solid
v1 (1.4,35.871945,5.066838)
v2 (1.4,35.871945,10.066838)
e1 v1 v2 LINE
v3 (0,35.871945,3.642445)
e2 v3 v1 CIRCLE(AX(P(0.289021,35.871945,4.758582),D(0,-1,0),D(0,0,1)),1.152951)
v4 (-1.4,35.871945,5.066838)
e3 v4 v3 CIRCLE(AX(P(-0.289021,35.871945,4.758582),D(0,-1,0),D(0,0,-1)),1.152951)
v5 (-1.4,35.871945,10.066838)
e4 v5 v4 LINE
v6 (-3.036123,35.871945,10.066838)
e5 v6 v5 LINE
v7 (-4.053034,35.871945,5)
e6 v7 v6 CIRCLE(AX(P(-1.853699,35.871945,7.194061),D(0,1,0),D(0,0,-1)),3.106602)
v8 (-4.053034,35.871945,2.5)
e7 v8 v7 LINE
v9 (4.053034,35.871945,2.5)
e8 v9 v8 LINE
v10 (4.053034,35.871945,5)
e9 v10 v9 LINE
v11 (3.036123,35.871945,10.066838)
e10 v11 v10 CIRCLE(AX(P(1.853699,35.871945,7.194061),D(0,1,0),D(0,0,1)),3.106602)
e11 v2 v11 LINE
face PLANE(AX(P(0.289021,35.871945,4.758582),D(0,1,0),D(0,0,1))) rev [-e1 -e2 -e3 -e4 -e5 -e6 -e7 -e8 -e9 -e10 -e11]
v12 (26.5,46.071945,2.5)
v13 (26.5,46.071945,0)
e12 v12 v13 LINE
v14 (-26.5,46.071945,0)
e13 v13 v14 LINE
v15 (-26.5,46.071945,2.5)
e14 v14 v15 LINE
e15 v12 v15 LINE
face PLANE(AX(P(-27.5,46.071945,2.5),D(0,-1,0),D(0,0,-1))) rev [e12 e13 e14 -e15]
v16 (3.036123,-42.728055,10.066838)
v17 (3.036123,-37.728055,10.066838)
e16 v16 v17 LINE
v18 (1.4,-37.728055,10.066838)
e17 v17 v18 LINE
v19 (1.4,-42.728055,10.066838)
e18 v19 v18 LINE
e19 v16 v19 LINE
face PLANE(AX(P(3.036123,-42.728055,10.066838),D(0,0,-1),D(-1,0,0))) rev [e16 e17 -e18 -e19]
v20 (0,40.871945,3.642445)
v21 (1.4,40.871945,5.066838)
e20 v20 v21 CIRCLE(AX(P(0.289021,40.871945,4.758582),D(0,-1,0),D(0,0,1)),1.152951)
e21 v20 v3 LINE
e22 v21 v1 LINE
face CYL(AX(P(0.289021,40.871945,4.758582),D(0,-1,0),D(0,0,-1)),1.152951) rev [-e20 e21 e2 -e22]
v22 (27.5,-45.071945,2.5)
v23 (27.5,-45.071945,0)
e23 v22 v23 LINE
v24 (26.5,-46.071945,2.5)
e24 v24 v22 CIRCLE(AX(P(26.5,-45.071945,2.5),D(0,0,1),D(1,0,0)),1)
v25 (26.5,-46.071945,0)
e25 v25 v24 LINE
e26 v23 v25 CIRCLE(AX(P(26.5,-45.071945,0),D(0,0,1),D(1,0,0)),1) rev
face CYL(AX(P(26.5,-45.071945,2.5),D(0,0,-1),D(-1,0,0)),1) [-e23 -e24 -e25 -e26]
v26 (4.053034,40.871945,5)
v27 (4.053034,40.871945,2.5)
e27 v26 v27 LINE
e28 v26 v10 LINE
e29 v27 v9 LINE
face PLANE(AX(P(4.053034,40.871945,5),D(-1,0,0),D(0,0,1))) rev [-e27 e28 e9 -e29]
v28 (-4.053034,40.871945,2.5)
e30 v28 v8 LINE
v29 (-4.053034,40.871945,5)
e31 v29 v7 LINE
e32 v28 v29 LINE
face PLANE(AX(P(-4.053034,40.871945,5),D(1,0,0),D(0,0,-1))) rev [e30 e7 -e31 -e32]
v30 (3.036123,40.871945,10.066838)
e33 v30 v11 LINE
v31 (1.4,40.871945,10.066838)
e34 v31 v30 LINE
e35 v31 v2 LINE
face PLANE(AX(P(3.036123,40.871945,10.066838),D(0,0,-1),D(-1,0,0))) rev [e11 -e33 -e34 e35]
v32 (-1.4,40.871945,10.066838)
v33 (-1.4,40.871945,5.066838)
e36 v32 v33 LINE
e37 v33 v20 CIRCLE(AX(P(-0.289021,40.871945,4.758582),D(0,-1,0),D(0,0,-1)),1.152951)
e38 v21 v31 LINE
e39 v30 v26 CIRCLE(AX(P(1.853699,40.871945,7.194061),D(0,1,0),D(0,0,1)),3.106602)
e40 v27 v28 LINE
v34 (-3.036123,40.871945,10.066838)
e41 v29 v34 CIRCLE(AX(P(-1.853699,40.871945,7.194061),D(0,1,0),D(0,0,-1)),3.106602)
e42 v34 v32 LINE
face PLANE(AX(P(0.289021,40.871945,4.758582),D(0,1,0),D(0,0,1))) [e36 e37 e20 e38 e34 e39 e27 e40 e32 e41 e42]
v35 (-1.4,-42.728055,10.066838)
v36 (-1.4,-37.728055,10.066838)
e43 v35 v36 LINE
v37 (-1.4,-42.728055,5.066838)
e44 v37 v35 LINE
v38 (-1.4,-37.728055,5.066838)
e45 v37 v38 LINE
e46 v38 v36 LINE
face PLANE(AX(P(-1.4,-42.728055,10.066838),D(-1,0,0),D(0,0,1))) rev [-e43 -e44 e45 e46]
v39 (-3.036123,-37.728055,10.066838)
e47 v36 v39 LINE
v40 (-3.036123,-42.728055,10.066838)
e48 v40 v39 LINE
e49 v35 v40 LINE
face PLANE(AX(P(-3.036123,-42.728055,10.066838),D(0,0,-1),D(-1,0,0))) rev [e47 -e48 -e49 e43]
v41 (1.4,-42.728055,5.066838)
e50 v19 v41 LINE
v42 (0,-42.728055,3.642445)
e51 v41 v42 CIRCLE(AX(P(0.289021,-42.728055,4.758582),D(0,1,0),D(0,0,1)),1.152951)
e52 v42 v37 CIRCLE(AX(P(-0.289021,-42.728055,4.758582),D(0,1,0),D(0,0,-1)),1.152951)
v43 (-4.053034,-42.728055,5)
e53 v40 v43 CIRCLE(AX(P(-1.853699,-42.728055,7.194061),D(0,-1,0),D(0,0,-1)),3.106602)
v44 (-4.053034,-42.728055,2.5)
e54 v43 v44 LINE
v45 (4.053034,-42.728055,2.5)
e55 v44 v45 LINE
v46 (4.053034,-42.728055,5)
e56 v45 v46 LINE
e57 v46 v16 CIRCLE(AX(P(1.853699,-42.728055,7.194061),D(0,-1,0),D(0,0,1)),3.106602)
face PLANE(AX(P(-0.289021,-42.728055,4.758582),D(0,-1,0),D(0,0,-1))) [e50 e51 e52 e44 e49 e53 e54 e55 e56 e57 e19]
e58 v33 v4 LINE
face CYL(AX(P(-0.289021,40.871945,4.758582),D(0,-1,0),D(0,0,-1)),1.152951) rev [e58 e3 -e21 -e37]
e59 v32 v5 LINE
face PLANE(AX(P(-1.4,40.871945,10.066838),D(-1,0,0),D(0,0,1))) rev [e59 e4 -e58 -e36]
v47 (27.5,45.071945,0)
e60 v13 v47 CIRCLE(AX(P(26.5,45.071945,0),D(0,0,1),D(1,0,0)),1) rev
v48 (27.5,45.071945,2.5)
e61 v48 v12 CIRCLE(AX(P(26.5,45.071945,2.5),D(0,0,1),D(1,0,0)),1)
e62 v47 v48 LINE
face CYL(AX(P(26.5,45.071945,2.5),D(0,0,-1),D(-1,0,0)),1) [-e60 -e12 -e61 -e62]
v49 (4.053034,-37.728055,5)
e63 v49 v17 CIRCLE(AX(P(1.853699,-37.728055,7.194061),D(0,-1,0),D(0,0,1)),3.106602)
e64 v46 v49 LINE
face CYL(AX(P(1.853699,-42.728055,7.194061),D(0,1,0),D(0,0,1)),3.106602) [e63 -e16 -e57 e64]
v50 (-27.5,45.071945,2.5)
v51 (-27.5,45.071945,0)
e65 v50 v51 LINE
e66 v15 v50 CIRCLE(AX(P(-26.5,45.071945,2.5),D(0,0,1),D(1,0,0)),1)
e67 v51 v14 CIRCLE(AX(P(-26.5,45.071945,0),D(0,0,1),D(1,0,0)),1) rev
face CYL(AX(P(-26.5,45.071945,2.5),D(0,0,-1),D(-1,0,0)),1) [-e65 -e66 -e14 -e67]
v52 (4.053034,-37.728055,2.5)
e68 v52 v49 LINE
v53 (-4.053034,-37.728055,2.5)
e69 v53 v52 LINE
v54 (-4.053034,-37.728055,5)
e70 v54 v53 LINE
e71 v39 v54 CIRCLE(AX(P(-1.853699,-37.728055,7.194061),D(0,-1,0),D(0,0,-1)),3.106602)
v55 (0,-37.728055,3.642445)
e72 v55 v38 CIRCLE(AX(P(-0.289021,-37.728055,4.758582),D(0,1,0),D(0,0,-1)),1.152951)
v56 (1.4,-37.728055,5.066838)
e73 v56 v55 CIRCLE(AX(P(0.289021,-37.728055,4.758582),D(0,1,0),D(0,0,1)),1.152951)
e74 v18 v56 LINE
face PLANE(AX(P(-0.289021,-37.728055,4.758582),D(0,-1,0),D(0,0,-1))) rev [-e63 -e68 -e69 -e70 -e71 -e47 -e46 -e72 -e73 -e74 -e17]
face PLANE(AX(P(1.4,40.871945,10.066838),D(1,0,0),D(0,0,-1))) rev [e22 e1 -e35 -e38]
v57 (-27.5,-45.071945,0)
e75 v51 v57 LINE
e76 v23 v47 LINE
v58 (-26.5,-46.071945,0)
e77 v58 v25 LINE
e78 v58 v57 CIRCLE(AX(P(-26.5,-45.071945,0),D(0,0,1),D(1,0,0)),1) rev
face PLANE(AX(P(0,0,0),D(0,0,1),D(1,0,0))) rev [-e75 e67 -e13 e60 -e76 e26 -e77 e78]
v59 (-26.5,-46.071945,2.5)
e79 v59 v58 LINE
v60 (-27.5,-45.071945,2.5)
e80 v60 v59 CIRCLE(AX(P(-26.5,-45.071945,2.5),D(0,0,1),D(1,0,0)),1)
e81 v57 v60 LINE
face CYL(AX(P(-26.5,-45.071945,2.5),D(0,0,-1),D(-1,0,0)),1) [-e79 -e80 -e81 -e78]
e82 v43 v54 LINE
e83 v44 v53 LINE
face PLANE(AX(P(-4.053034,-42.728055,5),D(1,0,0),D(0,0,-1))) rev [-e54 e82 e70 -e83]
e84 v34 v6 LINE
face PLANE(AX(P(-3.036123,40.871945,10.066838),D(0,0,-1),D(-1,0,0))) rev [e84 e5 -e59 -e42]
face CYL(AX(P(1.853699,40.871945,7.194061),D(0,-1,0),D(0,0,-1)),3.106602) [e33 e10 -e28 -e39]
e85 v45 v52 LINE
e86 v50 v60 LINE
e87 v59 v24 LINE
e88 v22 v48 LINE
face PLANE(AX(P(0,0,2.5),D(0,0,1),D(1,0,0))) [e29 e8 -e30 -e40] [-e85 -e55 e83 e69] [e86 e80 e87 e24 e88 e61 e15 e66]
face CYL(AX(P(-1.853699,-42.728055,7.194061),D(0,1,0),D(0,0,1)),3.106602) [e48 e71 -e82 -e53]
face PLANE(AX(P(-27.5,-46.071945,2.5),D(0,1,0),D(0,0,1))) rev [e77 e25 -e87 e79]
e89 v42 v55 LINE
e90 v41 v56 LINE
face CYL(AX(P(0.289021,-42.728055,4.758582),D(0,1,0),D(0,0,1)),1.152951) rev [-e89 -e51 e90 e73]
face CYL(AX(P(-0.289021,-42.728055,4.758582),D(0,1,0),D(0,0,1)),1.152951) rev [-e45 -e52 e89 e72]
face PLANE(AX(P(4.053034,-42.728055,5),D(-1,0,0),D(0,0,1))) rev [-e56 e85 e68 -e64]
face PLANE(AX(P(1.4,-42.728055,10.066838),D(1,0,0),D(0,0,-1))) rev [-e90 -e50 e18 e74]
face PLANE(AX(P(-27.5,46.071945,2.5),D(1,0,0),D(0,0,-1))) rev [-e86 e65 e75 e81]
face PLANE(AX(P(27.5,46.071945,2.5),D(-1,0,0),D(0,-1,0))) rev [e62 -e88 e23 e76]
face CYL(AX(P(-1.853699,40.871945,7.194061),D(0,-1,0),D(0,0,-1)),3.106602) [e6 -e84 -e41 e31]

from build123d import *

# Parameters (mm, degrees)
SKETCH1_W           = 55
SKETCH1_H           = 92.14389058
BOSS_EXTRUDE1_DEPTH = 2.5
BOSS_EXTRUDE2_DEPTH = 2.5
BOSS_EXTRUDE3_DEPTH = 2.5
FILLET1_R           = 1


with BuildPart() as part:
    # Sketch1 → Boss-Extrude1 (new body)
    with BuildSketch(Plane.XY):
        Rectangle(SKETCH1_W, SKETCH1_H)
    extrude(amount=BOSS_EXTRUDE1_DEPTH)

    # Sketch6 → Boss-Extrude2 (add, symmetric)
    with BuildSketch(Plane(origin=(0, 38.37194529, 0), x_dir=(1, 0, 0), z_dir=(0, 1, 0))):
        with BuildLine():
            Line((-4.053033857, -5), (-4.053033857, -2.5))
            Line((-4.053033857, -2.5), (4.053033857, -2.5))
            Line((4.053033857, -2.5), (4.053033857, -5))
            ThreePointArc((4.053033857, -5), (4.899562702, -7.805363596), (3.036123017, -10.066838454))
            Line((3.036123017, -10.066838454), (1.4, -10.066838454))
            Line((1.4, -10.066838454), (1.4, -5.066838454))
            ThreePointArc((1.4, -5.066838454), (1.111291087, -3.950394141), (0, -3.642444699))
            ThreePointArc((0, -3.642444699), (-1.111291087, -3.950394141), (-1.4, -5.066838454))
            Line((-1.4, -5.066838454), (-1.4, -10.066838454))
            Line((-1.4, -10.066838454), (-3.036123017, -10.066838454))
            ThreePointArc((-3.036123017, -10.066838454), (-4.899562702, -7.805363596), (-4.053033857, -5))
        make_face()
    extrude(amount=BOSS_EXTRUDE2_DEPTH, both=True)

    # Sketch7 → Boss-Extrude3 (add, symmetric)
    with BuildSketch(Plane(origin=(0, -40.22805471, 0), x_dir=(-1, 0, 0), z_dir=(0, -1, 0))):
        with BuildLine():
            Line((-4.053033857, -5), (-4.053033857, -2.5))
            Line((-4.053033857, -2.5), (4.053033857, -2.5))
            Line((4.053033857, -2.5), (4.053033857, -5))
            ThreePointArc((4.053033857, -5), (4.899562702, -7.805363596), (3.036123017, -10.066838454))
            Line((3.036123017, -10.066838454), (1.4, -10.066838454))
            Line((1.4, -10.066838454), (1.4, -5.066838454))
            ThreePointArc((1.4, -5.066838454), (1.111291087, -3.950394141), (0, -3.642444699))
            ThreePointArc((0, -3.642444699), (-1.111291087, -3.950394141), (-1.4, -5.066838454))
            Line((-1.4, -5.066838454), (-1.4, -10.066838454))
            Line((-1.4, -10.066838454), (-3.036123017, -10.066838454))
            ThreePointArc((-3.036123017, -10.066838454), (-4.899562702, -7.805363596), (-4.053033857, -5))
        make_face()
    extrude(amount=BOSS_EXTRUDE3_DEPTH, both=True)

    # Fillet1
    fillet1_edges = [part.edges().sort_by_distance(p)[0] for p in [
        (-27.5, 46.07194529, 1.25),
        (27.5, 46.07194529, 1.25),
        (27.5, -46.07194529, 1.25),
        (-27.5, -46.07194529, 1.25),
    ]]
    fillet(fillet1_edges, radius=FILLET1_R)


solid = part.part
